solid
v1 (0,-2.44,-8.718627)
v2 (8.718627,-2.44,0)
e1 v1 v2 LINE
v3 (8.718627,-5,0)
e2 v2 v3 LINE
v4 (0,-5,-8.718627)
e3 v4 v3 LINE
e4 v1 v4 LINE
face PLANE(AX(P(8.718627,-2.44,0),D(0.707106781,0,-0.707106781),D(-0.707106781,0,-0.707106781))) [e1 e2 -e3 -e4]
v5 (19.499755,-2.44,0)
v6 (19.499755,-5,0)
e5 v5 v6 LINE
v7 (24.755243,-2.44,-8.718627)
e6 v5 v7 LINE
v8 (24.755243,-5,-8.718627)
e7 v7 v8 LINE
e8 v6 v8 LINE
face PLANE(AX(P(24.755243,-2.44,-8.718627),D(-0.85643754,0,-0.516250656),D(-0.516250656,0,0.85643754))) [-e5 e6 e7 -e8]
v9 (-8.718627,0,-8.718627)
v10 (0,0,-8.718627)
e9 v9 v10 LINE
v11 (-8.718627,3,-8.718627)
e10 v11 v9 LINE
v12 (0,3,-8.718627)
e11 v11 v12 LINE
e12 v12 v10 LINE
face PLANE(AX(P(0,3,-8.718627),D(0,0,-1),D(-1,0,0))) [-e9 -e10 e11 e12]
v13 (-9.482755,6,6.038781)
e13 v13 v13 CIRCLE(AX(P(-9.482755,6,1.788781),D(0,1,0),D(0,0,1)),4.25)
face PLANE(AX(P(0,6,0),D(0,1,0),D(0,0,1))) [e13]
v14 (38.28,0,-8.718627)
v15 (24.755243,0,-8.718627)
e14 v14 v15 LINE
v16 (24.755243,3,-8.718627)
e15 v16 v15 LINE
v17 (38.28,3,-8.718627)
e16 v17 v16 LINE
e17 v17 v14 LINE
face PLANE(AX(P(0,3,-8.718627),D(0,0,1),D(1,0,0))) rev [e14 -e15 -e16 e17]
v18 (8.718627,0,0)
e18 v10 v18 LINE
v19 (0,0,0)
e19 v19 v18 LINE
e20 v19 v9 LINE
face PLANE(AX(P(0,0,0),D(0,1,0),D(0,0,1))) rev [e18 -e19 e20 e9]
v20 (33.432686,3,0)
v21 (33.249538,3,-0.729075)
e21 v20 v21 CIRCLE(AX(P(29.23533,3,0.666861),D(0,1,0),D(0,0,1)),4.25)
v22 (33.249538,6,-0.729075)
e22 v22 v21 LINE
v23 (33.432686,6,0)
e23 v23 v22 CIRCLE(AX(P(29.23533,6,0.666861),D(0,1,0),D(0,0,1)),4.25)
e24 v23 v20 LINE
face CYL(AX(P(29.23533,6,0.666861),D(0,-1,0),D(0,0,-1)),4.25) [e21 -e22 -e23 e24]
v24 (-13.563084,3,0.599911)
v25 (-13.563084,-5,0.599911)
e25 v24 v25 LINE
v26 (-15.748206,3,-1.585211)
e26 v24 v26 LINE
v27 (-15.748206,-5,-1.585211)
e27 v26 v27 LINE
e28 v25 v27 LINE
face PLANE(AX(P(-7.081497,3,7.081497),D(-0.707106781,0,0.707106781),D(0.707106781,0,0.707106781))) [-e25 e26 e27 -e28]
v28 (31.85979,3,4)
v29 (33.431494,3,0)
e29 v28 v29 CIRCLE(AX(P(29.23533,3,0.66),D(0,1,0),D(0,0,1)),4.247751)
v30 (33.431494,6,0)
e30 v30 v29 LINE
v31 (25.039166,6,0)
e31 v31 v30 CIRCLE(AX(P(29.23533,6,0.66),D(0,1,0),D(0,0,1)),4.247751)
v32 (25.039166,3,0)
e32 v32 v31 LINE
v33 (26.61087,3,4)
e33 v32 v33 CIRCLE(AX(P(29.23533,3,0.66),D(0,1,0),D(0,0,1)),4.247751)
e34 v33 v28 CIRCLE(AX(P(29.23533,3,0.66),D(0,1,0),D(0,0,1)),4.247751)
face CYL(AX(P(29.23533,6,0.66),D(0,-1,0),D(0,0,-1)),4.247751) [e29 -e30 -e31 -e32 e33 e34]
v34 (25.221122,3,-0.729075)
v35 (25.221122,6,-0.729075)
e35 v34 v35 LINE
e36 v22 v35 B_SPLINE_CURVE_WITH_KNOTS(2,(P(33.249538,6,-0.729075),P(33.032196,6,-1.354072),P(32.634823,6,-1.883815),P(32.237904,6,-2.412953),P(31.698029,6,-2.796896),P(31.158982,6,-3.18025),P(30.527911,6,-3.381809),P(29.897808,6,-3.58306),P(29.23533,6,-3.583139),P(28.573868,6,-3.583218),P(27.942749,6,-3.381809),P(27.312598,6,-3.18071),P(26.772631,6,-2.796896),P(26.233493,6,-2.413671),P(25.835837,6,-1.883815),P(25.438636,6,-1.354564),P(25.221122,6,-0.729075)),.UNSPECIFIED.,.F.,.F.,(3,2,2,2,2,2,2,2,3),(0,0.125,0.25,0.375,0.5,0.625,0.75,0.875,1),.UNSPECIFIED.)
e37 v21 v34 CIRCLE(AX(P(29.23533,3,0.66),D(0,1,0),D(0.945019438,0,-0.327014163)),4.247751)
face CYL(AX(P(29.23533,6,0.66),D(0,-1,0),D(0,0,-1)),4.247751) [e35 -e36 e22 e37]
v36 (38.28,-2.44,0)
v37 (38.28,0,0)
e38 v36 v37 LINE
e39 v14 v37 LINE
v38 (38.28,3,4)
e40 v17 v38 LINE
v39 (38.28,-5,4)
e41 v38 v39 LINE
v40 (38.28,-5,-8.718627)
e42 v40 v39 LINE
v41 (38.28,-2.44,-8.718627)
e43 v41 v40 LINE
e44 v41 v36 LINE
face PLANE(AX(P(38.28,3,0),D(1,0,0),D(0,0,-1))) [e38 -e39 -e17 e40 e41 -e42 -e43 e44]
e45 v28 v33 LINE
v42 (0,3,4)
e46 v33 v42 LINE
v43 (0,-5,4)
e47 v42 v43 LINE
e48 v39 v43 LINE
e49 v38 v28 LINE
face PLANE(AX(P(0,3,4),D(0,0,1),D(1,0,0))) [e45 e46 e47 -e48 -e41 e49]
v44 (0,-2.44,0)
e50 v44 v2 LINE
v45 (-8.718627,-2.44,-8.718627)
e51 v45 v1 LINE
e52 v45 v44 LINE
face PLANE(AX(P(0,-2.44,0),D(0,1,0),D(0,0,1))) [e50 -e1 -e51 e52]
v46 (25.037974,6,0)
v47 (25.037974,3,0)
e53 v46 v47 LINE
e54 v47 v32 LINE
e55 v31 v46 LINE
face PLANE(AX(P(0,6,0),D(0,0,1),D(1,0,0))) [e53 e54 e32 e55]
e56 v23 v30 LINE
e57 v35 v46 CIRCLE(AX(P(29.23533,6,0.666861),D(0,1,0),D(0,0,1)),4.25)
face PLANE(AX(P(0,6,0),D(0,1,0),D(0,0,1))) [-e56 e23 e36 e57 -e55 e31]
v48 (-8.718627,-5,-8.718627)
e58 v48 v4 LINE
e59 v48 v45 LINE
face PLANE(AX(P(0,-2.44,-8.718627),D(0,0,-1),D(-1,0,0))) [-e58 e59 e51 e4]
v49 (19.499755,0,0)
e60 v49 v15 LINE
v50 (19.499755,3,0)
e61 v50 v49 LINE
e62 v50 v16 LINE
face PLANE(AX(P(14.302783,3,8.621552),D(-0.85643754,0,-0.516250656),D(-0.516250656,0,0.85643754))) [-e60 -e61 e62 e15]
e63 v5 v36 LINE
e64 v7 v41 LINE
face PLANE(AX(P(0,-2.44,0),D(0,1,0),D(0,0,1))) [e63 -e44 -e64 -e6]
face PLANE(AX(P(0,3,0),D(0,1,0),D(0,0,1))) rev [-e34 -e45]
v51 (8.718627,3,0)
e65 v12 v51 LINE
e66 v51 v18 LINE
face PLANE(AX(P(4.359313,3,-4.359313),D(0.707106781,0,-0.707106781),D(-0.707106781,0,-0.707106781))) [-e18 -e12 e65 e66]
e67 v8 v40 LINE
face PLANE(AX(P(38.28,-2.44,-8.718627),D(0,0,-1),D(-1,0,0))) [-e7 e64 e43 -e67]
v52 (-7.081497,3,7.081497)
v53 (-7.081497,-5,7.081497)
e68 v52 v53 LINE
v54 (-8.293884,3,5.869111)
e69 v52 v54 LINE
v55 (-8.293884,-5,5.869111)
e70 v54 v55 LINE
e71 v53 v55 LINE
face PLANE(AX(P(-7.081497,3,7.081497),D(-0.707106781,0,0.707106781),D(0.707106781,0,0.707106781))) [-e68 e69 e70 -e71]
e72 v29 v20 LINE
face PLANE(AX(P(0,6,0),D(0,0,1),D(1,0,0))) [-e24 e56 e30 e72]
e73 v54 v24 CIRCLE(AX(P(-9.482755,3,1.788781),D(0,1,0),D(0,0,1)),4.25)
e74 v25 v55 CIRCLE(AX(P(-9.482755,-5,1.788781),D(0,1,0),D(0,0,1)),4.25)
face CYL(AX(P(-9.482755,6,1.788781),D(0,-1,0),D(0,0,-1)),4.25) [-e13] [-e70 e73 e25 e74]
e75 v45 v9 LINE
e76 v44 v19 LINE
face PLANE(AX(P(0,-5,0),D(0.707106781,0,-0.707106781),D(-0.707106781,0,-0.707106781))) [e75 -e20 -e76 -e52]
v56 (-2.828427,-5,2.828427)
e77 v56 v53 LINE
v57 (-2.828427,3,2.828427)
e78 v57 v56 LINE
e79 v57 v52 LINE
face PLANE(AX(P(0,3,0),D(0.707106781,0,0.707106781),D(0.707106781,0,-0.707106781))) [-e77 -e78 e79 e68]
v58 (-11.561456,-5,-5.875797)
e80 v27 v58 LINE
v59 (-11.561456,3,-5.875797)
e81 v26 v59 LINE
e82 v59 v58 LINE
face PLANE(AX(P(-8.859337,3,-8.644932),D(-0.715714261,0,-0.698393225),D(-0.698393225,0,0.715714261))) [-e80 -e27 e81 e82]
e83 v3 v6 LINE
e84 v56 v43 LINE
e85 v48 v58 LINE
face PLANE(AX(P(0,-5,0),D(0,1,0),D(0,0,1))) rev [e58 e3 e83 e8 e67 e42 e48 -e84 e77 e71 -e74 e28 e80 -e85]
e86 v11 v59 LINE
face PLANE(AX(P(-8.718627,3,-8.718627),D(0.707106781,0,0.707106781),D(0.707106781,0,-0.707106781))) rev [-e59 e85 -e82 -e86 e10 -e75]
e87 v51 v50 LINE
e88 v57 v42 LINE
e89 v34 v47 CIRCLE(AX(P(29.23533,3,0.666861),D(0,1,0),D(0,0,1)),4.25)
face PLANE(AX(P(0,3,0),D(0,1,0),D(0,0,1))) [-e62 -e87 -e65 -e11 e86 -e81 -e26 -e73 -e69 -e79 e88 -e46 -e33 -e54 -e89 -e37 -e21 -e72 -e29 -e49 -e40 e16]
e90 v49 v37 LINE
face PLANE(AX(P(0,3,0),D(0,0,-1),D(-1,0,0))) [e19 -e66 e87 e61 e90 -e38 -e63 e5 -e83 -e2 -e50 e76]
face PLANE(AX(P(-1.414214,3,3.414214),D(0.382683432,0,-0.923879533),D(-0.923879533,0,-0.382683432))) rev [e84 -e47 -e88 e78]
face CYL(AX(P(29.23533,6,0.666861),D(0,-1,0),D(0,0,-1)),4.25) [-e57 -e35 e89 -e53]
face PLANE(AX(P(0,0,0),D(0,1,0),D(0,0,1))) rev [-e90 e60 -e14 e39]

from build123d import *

# Parameters (mm, degrees)
BOSS_EXTRUDE1_DEPTH   = 6
SKETCH2_R             = 4.25
BOSS_EXTRUDE1_2_DEPTH = 6
BOSS_EXTRUDE2_DEPTH   = 3
BOSS_EXTRUDE3_START   = -5
BOSS_EXTRUDE3_DEPTH   = 5
BOSS_EXTRUDE4_DEPTH   = 2.56
SKETCH4_R             = 4.247751339
BOSS_EXTRUDE5_DEPTH   = 3


with BuildPart() as part:
    # Sketch2 → Boss-Extrude1 (new body)
    with BuildSketch(Plane(origin=(0, 0, 0), x_dir=(1, 0, 0), z_dir=(0, 1, 0))):
        with BuildLine():
            ThreePointArc((33.43268592, 0), (29.235330072, 3.583138785), (25.037974223, 0))
            Line((25.037974223, 0), (33.43268592, 0))
        make_face()
    extrude(amount=BOSS_EXTRUDE1_DEPTH)



with BuildPart() as body_2:
    # Sketch2 → Boss-Extrude1 2 (new body)
    with BuildSketch(Plane(origin=(0, 0, 0), x_dir=(1, 0, 0), z_dir=(0, 1, 0))):
        with Locations((-9.482754905, -1.788781285)):
            Circle(SKETCH2_R)
    extrude(amount=BOSS_EXTRUDE1_2_DEPTH)


with BuildPart() as part_1:
    add(part.part)

    add(body_2.part)  # Boss-Extrude2 merges body 2
    # Sketch2<7> → Boss-Extrude2 (add)
    with BuildSketch(Plane(origin=(0, 0, 0), x_dir=(1, 0, 0), z_dir=(0, 1, 0))):
        with BuildLine():
            Line((0, 8.718626612), (-8.718626612, 8.718626612))
            Line((-8.718626612, 8.718626612), (-11.561455819, 5.875797405))
            Line((-11.561455819, 5.875797405), (-15.748205688, 1.58521084))
            Line((-15.748205688, 1.58521084), (-13.563084148, -0.5999107))
            ThreePointArc((-13.563084148, -0.5999107), (-6.477551085, 1.216422535), (-8.29388432, -5.869110529))
            Line((-8.29388432, -5.869110529), (-7.081497424, -7.081497424))
            Line((-7.081497424, -7.081497424), (-2.828427125, -2.828427125))
            Line((-2.828427125, -2.828427125), (0, -4))
            Line((0, -4), (38.28, -4))
            Line((38.28, -4), (38.28, 8.718626612))
            Line((38.28, 8.718626612), (24.755242586, 8.718626612))
            Line((24.755242586, 8.718626612), (19.499755178, 0))
            Line((19.499755178, 0), (8.718626612, 0))
            Line((8.718626612, 0), (0, 8.718626612))
        make_face()
        with BuildLine():
            Line((33.43268592, 0), (25.037974223, 0))
            ThreePointArc((25.037974223, 0), (29.235330072, 3.583138785), (33.43268592, 0))
        make_face(mode=Mode.SUBTRACT)
    extrude(amount=BOSS_EXTRUDE2_DEPTH)

    # Sketch2<9> → Boss-Extrude3 (add)
    with BuildSketch(Plane(origin=(0, 0, 0), x_dir=(1, 0, 0), z_dir=(0, 1, 0)).offset(BOSS_EXTRUDE3_START)):
        with BuildLine():
            Line((0, 0), (-8.718626612, 8.718626612))
            Line((-8.718626612, 8.718626612), (-11.561455819, 5.875797405))
            Line((-11.561455819, 5.875797405), (-15.748205688, 1.58521084))
            Line((-15.748205688, 1.58521084), (-13.563084148, -0.5999107))
            ThreePointArc((-13.563084148, -0.5999107), (-12.487958725, -4.793985106), (-8.29388432, -5.869110529))
            Line((-8.29388432, -5.869110529), (-7.081497424, -7.081497424))
            Line((-7.081497424, -7.081497424), (-2.828427125, -2.828427125))
            Line((-2.828427125, -2.828427125), (0, -4))
            Line((0, -4), (38.28, -4))
            Line((38.28, -4), (38.28, 0))
            Line((38.28, 0), (0, 0))
        make_face()
    extrude(amount=BOSS_EXTRUDE3_DEPTH)

    # Sketch3 → Boss-Extrude4 (add)
    with BuildSketch(Plane(origin=(0, -5, 0), x_dir=(-1, 0, 0), z_dir=(0, -1, 0))):
        Polygon((-38.28, -4), (-38.28, 8.718626612), (-24.755242586, 8.718626612), (-19.499755178, 0), (-8.718626612, 0), (0, 8.718626612), (8.718626612, 8.718626612), (15.748205688, 1.58521084), (13.563084148, -0.5999107), (7.081497424, -7.081497424), (2.828427125, -2.828427125), (0, -4), align=None)
    extrude(amount=-BOSS_EXTRUDE4_DEPTH)

    # Sketch4 → Boss-Extrude5 (add)
    with BuildSketch(Plane(origin=(0, 3, 0), x_dir=(1, 0, 0), z_dir=(0, 1, 0))):
        with Locations((29.235330072, -0.66)):
            Circle(SKETCH4_R)
    extrude(amount=BOSS_EXTRUDE5_DEPTH)


solid = part_1.part
